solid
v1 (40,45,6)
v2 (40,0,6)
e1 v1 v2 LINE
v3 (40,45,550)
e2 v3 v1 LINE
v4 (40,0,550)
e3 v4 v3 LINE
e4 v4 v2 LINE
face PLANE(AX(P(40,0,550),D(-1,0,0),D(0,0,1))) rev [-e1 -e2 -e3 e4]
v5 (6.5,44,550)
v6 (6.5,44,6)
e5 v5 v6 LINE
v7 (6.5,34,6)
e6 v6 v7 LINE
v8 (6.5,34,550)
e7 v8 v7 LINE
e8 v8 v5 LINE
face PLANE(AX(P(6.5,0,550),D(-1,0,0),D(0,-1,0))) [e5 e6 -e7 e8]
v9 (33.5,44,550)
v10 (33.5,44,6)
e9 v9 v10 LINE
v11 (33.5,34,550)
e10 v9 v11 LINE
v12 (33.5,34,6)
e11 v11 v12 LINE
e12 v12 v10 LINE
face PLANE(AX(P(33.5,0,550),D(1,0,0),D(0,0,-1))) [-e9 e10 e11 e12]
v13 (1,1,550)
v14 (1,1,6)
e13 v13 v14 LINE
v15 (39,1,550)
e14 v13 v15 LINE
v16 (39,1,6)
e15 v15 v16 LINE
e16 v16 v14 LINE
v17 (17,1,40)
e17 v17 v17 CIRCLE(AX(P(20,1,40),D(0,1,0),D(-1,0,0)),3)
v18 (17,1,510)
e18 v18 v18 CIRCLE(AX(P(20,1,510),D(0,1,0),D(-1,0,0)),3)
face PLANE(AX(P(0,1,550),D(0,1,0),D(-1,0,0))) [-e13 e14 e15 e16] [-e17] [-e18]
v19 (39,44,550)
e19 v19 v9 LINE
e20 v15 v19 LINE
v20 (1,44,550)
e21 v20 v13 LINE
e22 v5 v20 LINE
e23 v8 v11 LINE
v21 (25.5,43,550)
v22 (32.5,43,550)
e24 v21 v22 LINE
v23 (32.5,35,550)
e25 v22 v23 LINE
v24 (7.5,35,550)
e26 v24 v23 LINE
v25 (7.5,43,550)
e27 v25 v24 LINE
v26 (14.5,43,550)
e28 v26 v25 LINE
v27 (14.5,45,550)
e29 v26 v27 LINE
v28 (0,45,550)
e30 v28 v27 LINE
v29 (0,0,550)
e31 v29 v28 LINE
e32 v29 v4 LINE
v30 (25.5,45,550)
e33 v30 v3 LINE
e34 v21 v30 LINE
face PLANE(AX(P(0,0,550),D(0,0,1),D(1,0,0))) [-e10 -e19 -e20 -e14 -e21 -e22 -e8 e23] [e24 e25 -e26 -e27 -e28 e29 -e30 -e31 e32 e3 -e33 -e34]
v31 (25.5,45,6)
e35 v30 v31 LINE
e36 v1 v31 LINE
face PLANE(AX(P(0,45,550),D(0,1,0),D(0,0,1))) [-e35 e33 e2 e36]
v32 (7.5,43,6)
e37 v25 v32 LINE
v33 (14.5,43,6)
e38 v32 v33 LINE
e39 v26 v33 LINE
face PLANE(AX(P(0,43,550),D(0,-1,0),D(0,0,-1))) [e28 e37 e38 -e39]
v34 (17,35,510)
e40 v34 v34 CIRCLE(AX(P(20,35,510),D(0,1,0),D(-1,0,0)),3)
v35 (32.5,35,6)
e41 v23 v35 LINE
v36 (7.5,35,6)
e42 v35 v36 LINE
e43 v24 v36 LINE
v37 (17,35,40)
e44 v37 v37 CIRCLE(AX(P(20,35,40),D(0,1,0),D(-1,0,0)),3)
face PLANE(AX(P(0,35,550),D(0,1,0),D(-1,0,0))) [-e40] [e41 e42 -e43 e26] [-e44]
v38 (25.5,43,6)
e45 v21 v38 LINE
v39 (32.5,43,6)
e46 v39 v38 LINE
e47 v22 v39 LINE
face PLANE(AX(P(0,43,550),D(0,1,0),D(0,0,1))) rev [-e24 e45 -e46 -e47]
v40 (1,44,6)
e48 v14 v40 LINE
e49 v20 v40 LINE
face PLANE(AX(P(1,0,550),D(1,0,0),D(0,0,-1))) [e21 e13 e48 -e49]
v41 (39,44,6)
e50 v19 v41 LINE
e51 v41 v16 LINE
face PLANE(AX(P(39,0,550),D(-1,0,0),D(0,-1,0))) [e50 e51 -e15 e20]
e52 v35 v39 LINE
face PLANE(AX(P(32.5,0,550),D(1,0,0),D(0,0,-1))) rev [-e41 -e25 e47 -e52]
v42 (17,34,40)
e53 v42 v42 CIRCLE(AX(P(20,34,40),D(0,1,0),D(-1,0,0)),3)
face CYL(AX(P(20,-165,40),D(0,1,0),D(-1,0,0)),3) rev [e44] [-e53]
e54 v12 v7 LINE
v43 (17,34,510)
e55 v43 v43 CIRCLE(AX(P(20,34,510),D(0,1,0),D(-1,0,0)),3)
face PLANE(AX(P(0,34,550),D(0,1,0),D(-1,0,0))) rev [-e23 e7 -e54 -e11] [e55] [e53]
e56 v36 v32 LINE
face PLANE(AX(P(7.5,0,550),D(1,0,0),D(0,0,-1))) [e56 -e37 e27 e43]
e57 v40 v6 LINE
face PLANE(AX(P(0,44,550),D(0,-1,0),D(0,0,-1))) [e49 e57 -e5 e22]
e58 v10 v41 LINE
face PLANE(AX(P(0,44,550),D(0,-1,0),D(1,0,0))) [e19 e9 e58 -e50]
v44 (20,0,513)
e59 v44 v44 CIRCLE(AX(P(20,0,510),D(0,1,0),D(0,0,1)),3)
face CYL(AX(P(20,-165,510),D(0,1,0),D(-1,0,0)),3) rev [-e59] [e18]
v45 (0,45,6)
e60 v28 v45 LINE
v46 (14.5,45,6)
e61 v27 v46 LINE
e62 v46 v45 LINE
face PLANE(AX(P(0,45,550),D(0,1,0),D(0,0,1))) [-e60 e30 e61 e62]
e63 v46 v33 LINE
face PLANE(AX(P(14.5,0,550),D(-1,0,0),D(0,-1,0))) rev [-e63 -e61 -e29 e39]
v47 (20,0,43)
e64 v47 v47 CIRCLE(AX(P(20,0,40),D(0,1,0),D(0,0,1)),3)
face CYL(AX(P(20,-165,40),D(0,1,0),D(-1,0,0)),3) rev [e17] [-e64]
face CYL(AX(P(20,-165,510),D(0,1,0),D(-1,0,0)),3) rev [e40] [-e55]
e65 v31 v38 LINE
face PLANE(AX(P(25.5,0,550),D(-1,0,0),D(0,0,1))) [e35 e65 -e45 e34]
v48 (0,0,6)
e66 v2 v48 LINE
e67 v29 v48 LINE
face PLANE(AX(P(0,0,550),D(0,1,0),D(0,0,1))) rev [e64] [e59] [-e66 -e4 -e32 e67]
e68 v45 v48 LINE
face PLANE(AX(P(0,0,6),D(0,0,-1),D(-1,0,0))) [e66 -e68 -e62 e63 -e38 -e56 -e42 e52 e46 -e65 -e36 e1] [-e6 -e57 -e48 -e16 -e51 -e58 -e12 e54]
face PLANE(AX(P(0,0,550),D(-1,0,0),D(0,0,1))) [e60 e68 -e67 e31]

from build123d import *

# Parameters (mm, degrees)
BOSS_EXTRUDE1_DEPTH = 550
SKETCH2_R           = 3
CUT_EXTRUDE2_DEPTH  = 200
SKETCH3_W           = 47.285738773
SKETCH3_H           = 54.700142613
CUT_EXTRUDE3_DEPTH  = 6


with BuildPart() as part:
    # Sketch1 → Boss-Extrude1 (new body)
    with BuildSketch(Plane.XY):
        Polygon((25.5, 43), (25.5, 45), (40, 45), (40, 0), (0, 0), (0, 45), (14.5, 45), (14.5, 43), (9.595309941, 43), (7.5, 43), (7.5, 35), (32.5, 35), (32.5, 43), align=None)
        Polygon((33.5, 44), (33.5, 34), (6.5, 34), (6.5, 44), (1, 44), (1, 1), (39, 1), (39, 44), align=None, mode=Mode.SUBTRACT)
    extrude(amount=BOSS_EXTRUDE1_DEPTH)

    # Sketch2 → Cut-Extrude2 (cut)
    with BuildSketch(Plane(origin=(0, 35, 0), x_dir=(1, 0, 0), z_dir=(0, 1, 0))):
        with Locations(Location((20, -40, 0), (0, 0, 180))):
            Circle(SKETCH2_R)
        with Locations(Location((20, -510, 0), (0, 0, 180))):
            Circle(SKETCH2_R)
    extrude(amount=-CUT_EXTRUDE2_DEPTH, mode=Mode.SUBTRACT)

    # Sketch3 → Cut-Extrude3 (cut)
    with BuildSketch(Plane(origin=(0, 0, 0), x_dir=(-1, 0, 0), z_dir=(0, 0, -1))):
        with Locations((-18.970719089, 19.421785252)):
            Rectangle(SKETCH3_W, SKETCH3_H)
    extrude(amount=-CUT_EXTRUDE3_DEPTH, mode=Mode.SUBTRACT)


solid = part.part
